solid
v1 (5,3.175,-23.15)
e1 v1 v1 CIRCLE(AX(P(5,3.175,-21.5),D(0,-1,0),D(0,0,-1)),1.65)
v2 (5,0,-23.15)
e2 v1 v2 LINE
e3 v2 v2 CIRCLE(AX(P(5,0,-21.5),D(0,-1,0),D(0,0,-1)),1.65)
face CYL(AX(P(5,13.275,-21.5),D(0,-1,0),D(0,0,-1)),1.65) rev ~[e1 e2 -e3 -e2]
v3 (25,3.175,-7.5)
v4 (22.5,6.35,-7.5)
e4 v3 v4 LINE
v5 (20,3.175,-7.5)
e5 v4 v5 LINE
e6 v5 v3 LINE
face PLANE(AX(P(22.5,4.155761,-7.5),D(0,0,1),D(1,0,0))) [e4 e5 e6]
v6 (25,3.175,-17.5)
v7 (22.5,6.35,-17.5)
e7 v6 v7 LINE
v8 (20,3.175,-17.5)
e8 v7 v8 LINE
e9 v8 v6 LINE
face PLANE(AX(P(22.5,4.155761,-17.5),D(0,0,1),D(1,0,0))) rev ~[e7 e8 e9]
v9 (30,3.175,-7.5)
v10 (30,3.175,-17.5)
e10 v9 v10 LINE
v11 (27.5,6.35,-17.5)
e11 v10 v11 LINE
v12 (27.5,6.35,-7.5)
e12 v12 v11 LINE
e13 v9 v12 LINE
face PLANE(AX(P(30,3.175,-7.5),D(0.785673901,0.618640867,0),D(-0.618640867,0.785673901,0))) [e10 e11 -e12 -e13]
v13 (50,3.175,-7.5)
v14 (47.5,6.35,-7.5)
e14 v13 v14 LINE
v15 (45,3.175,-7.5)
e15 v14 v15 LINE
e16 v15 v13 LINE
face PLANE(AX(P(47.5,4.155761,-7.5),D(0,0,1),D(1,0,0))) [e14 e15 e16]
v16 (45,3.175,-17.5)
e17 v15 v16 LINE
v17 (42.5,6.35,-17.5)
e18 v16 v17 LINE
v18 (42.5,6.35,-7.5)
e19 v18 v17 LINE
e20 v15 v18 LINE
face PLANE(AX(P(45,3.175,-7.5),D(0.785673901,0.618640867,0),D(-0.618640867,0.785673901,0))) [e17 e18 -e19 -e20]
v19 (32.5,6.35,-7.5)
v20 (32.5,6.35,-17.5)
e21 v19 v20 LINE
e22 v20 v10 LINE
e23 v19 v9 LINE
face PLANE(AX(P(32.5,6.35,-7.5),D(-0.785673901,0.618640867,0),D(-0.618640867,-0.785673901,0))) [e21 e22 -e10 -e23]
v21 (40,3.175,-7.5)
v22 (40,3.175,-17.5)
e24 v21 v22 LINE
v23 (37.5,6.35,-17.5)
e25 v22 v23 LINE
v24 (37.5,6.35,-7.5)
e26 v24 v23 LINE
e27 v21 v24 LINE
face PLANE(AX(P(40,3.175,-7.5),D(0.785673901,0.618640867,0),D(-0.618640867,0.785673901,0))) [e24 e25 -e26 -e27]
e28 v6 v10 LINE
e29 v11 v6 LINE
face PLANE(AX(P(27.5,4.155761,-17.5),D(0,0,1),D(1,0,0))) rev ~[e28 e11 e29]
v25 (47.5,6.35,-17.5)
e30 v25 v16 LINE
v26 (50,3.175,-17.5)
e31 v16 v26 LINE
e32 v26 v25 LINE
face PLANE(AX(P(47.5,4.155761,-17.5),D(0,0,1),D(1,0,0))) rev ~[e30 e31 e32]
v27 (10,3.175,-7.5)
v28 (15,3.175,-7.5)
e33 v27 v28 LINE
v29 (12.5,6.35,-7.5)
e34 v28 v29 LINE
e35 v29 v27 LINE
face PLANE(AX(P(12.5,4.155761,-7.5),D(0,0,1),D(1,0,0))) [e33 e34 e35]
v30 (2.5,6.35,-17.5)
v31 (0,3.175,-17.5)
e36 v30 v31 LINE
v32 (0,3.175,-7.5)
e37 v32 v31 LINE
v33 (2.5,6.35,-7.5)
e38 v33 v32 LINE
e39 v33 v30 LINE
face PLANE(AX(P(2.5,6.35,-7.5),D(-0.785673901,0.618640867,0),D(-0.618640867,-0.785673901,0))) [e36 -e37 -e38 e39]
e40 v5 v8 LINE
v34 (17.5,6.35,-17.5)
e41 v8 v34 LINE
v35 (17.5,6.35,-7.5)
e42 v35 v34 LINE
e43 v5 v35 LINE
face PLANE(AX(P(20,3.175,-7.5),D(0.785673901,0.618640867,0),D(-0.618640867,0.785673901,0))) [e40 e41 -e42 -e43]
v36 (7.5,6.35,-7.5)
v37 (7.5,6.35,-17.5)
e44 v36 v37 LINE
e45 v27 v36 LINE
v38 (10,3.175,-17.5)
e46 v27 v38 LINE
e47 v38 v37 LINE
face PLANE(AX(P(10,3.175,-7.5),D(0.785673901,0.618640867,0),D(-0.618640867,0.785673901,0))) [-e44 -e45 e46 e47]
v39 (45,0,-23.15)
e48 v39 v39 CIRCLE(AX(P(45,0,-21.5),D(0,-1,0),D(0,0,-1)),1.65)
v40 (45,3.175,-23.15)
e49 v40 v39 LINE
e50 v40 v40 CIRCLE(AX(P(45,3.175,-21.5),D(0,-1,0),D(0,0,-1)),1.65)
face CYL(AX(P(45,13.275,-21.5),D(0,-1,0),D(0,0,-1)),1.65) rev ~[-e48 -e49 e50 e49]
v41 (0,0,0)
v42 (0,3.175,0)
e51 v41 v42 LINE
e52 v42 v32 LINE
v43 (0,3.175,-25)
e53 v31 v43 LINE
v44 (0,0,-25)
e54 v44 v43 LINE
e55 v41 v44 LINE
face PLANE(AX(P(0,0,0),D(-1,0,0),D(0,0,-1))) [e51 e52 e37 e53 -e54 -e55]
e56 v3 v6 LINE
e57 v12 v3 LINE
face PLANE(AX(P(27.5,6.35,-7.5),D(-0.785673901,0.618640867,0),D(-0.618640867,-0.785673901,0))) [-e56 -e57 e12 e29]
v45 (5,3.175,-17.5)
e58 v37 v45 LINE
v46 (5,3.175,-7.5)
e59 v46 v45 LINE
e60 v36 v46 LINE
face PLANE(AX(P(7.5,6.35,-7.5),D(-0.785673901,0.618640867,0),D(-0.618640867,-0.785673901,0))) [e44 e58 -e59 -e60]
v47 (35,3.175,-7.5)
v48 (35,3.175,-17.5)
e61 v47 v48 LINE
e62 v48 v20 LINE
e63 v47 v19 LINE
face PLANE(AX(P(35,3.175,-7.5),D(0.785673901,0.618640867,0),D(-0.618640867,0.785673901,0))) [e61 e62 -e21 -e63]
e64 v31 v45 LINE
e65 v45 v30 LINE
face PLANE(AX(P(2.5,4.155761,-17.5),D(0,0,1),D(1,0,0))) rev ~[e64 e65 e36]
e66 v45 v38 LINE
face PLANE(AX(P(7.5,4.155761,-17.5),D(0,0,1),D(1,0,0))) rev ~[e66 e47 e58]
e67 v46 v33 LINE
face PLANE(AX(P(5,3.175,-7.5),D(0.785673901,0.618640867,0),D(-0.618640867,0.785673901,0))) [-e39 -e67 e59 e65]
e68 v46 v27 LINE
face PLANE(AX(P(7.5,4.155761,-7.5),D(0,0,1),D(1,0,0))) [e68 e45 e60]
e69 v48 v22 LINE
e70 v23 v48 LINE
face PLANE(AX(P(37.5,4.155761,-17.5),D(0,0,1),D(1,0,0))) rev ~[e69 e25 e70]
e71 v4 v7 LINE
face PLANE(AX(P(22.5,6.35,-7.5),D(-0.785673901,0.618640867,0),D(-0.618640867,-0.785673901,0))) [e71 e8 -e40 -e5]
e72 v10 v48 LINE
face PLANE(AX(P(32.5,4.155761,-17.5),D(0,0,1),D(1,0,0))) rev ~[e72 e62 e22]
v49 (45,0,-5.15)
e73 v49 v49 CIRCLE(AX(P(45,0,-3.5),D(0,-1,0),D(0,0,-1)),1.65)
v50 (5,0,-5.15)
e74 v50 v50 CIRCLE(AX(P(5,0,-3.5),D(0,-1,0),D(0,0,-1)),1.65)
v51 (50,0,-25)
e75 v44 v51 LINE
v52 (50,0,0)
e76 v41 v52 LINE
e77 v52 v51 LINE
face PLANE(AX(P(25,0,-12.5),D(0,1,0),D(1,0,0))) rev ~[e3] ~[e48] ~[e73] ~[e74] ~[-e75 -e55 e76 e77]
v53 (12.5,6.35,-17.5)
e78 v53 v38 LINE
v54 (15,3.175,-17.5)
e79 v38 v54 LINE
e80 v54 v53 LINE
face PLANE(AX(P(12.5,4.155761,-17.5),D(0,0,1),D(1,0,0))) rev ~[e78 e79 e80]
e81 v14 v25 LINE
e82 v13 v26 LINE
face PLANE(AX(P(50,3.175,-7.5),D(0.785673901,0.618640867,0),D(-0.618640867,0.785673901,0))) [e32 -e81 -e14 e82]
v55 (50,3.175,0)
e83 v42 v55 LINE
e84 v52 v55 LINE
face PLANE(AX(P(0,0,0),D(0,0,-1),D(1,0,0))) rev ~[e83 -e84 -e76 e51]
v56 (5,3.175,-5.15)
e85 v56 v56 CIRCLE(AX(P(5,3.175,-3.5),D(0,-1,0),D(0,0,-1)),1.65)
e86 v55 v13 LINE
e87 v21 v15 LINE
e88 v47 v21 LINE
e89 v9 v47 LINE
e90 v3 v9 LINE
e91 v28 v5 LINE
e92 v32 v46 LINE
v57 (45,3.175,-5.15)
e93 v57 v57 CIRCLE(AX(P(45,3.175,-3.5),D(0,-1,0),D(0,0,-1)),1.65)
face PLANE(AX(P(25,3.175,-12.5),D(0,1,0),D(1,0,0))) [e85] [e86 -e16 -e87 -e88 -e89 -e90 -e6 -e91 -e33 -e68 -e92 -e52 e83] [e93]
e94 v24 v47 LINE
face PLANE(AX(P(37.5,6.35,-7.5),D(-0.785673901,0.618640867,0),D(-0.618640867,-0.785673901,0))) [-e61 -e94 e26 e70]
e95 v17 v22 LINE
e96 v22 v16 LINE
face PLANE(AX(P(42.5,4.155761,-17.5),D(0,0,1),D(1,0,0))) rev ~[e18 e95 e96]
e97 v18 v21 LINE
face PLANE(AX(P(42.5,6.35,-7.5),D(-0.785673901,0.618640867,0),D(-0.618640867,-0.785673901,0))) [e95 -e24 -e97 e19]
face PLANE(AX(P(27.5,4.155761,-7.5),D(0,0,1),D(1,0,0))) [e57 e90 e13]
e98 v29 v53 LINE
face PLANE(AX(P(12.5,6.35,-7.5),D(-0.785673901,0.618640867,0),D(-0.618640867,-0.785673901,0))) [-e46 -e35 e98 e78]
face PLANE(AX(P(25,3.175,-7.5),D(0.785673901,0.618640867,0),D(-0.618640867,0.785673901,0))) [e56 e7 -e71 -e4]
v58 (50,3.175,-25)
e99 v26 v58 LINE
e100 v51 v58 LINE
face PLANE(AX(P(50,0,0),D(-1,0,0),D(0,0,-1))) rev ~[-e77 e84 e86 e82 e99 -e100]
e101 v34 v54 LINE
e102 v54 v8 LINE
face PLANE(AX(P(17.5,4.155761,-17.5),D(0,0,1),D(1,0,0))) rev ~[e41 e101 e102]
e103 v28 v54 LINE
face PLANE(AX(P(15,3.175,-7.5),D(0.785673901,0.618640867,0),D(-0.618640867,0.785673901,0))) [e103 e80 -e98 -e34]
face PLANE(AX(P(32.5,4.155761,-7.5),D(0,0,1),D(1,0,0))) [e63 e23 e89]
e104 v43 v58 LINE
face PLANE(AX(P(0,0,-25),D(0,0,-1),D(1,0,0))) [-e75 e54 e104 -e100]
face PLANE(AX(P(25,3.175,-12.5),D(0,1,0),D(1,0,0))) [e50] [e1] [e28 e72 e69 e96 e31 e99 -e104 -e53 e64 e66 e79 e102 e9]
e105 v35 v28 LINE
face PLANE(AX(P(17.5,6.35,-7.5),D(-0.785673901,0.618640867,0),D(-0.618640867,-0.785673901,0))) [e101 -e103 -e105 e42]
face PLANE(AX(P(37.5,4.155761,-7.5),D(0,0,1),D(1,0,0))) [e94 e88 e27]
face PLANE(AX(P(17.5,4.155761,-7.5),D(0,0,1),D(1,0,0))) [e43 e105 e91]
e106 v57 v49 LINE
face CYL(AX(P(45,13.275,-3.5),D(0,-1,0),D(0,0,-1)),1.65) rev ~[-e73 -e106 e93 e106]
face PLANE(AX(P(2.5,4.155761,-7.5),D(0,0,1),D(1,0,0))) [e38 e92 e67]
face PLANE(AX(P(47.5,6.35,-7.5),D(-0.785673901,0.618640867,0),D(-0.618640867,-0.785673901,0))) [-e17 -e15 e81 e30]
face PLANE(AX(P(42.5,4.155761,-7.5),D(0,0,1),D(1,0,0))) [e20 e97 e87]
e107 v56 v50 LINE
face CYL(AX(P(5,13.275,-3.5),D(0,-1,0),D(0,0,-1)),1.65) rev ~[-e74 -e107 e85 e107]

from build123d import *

# Parameters (mm, degrees)
SKETCH1_W                 = 50
SKETCH1_H                 = 25
BOSS_EXTRUDE1_DEPTH       = 3.175
M4X0_7_TAPPED_HOLE1_D     = 3.3
M4X0_7_TAPPED_HOLE1_DEPTH = 10.1
M4X0_7_TAPPED_HOLE1_TIP   = 0.991420021
BOSS_EXTRUDE2_START       = -7.5
BOSS_EXTRUDE2_DEPTH       = 10


with BuildPart() as part:
    # Sketch1 → Boss-Extrude1 (new body)
    with BuildSketch(Plane(origin=(0, 0, 0), x_dir=(1, 0, 0), z_dir=(0, 1, 0))):
        with Locations((25, 12.5)):
            Rectangle(SKETCH1_W, SKETCH1_H)
    extrude(amount=BOSS_EXTRUDE1_DEPTH)

    # M4x0.7 Tapped Hole1
    with Locations(Plane(origin=(5, 3.175, -21.5), x_dir=(0, 0, 1), z_dir=(0, 1, 0))):
        with Locations((0, 0), (0, 40), (18, 0), (18, 40)):
            Hole(M4X0_7_TAPPED_HOLE1_D / 2, depth=M4X0_7_TAPPED_HOLE1_DEPTH)
            with Locations((0, 0, -(M4X0_7_TAPPED_HOLE1_DEPTH + M4X0_7_TAPPED_HOLE1_TIP / 2))):  # 118° drill point
                Cone(0, M4X0_7_TAPPED_HOLE1_D / 2, M4X0_7_TAPPED_HOLE1_TIP, mode=Mode.SUBTRACT)

    # Sketch4 → Boss-Extrude2 (add)
    with BuildSketch(Plane.XY.offset(BOSS_EXTRUDE2_START)):
        Polygon((0, 3.175), (5, 3.175), (2.5, 6.35), align=None)
        Polygon((5, 3.175), (10, 3.175), (7.5, 6.35), align=None)
        Polygon((10, 3.175), (15, 3.175), (12.5, 6.35), align=None)
        Polygon((15, 3.175), (20, 3.175), (17.5, 6.35), align=None)
        Polygon((20, 3.175), (25, 3.175), (22.5, 6.35), align=None)
        Polygon((27.5, 6.35), (25, 3.175), (30, 3.175), align=None)
        Polygon((32.5, 6.35), (30, 3.175), (35, 3.175), align=None)
        Polygon((37.5, 6.35), (35, 3.175), (40, 3.175), align=None)
        Polygon((42.5, 6.35), (40, 3.175), (45, 3.175), align=None)
        Polygon((47.5, 6.35), (45, 3.175), (50, 3.175), align=None)
    extrude(amount=-BOSS_EXTRUDE2_DEPTH)


solid = part.part
